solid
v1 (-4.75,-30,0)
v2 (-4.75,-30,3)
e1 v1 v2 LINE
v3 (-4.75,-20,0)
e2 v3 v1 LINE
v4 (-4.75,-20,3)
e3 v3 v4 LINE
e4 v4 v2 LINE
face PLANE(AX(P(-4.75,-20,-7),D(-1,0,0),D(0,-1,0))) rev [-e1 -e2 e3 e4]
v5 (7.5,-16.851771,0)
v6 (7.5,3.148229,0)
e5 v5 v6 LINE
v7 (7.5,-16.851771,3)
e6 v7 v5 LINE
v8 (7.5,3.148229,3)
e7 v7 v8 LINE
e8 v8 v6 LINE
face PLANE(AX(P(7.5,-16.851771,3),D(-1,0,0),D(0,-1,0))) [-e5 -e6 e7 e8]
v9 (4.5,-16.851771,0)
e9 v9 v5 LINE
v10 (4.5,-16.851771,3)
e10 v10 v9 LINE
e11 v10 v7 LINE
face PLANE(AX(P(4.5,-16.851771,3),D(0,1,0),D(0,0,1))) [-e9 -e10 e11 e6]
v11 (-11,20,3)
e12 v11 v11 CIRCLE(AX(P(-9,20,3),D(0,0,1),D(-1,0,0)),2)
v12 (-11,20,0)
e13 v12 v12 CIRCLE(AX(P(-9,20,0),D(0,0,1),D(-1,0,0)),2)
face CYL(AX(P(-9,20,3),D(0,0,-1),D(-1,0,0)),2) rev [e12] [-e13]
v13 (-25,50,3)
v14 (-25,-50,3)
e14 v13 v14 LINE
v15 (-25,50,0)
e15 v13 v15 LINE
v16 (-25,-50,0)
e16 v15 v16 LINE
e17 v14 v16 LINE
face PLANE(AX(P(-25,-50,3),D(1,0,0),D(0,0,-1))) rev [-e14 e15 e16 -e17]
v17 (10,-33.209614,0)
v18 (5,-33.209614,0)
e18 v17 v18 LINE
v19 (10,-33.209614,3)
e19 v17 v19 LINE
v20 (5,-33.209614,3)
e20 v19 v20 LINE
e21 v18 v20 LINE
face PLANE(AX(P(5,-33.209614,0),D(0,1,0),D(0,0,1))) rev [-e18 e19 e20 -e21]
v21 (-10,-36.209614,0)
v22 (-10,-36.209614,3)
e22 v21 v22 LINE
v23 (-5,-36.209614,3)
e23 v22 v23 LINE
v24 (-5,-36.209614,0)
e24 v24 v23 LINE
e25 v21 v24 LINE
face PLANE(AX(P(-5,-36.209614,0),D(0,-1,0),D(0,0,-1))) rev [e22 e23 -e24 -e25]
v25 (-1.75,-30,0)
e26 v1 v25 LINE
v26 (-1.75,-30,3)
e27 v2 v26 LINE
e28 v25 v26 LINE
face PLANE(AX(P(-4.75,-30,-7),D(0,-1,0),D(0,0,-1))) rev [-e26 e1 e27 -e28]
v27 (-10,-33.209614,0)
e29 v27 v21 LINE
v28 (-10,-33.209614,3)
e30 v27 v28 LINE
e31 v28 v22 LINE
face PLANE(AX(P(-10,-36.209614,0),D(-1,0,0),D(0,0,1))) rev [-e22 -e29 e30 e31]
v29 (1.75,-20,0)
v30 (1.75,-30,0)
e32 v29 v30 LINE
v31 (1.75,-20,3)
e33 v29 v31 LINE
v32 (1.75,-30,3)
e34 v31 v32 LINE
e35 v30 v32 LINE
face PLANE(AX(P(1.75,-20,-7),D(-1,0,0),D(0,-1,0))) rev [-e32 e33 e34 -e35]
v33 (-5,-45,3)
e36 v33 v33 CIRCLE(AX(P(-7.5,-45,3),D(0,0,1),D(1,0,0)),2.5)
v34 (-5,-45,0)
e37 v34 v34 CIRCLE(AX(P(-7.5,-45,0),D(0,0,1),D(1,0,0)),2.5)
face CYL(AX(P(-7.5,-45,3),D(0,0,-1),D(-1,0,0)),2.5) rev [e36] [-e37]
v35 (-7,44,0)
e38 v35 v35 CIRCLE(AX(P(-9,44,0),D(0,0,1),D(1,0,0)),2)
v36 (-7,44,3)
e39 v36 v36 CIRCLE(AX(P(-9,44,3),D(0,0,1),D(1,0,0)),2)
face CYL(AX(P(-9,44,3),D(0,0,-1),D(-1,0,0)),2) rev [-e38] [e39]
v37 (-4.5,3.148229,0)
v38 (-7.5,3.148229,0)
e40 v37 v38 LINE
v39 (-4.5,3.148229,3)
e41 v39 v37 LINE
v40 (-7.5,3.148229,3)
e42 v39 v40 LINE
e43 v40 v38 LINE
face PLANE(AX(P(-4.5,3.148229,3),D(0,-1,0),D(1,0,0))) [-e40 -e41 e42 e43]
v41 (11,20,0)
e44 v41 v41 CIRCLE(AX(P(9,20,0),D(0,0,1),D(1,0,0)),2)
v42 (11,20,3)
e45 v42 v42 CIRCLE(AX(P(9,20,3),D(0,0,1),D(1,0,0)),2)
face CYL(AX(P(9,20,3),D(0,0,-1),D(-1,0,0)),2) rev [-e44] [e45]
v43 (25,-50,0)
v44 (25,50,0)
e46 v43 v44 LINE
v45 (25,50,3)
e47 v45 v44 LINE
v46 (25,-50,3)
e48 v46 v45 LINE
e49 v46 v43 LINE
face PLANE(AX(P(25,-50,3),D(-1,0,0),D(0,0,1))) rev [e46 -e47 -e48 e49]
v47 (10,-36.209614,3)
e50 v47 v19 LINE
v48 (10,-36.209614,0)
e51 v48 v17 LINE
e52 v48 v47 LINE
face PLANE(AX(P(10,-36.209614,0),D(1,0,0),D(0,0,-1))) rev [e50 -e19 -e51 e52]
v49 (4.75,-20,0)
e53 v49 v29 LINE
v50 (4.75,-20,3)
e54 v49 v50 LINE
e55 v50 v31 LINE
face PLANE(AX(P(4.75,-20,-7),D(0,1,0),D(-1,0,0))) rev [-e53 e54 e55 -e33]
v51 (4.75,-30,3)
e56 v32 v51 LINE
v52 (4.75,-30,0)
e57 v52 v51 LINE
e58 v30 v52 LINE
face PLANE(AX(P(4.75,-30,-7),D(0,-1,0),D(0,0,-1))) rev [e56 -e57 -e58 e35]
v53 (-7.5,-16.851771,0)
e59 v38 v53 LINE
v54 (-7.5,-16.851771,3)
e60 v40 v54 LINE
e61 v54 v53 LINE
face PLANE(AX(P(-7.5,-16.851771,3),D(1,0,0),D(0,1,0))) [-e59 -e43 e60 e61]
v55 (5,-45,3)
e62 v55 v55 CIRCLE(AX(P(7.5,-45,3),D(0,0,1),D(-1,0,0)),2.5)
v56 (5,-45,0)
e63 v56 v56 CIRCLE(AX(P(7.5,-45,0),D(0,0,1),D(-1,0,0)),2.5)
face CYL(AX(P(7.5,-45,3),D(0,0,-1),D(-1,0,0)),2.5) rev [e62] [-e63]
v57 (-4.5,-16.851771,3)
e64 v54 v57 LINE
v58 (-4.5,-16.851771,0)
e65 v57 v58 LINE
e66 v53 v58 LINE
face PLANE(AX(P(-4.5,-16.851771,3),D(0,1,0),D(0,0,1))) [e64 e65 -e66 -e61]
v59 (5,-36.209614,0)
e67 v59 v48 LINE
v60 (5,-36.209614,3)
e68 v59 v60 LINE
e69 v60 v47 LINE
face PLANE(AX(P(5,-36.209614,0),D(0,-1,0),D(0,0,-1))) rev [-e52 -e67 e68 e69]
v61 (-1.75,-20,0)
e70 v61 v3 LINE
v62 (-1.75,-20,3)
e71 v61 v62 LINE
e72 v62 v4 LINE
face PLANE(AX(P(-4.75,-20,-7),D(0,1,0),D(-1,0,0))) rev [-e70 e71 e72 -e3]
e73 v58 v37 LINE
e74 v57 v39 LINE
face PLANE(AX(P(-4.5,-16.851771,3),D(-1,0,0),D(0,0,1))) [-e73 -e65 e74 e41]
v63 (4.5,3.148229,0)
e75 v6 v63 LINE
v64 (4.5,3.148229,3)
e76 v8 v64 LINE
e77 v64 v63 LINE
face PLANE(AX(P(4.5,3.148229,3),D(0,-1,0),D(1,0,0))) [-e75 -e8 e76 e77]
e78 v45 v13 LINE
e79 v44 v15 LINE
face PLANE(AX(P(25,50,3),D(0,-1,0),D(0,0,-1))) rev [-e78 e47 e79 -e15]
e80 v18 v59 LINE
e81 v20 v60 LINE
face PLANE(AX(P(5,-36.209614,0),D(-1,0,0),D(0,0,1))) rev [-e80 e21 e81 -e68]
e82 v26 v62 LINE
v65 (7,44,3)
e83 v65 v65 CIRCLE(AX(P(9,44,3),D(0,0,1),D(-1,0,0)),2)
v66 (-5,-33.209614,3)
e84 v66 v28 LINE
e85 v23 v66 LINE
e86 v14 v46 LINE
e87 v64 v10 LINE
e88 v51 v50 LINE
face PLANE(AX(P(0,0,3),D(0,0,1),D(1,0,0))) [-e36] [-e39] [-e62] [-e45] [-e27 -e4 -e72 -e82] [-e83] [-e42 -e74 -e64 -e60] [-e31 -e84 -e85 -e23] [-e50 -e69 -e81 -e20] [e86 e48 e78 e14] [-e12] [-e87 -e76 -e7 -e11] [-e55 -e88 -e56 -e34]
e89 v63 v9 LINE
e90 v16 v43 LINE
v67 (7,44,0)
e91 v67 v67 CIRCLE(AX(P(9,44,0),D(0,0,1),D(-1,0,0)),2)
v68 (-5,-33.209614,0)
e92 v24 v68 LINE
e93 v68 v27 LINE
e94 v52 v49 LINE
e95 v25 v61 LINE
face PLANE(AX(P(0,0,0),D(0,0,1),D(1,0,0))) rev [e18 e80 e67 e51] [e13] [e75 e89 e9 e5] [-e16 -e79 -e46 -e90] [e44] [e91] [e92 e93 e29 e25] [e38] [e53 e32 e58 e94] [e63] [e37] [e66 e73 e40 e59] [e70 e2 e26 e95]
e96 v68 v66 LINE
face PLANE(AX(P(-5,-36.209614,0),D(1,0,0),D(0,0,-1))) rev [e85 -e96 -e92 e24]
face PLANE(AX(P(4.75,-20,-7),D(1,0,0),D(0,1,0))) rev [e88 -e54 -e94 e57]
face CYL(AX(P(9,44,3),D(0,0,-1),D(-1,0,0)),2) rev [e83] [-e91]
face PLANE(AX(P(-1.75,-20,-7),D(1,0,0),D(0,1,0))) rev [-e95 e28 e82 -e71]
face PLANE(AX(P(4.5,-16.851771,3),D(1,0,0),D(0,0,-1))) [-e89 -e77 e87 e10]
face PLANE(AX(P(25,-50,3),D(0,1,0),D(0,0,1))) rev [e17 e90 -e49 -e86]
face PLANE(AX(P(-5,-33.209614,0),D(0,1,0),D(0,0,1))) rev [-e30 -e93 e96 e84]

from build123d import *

# Parameters (mm, degrees)
SKETCH1_W           = 50
SKETCH1_H           = 100
SKETCH1_R           = 2
SKETCH1_R_2         = 2.5
SKETCH1_W_2         = 3
SKETCH1_H_2         = 20
BOSS_EXTRUDE1_DEPTH = 3
SKETCH2_W           = 3
SKETCH2_H           = 10
CUT_EXTRUDE1_DEPTH  = 10
SKETCH3_W           = 5
SKETCH3_H           = 3
CUT_EXTRUDE2_DEPTH  = 56.982140009


with BuildPart() as part:
    # Sketch1 → Boss-Extrude1 (new body)
    with BuildSketch(Plane.XY):
        Rectangle(SKETCH1_W, SKETCH1_H)
        with Locations((-9, 44)):
            Circle(SKETCH1_R, mode=Mode.SUBTRACT)
        with Locations(Location((9, 44, 0), (0, 0, 180))):
            Circle(SKETCH1_R, mode=Mode.SUBTRACT)
        with Locations(Location((-9, 20, 0), (0, 0, 180))):
            Circle(SKETCH1_R, mode=Mode.SUBTRACT)
        with Locations((9, 20)):
            Circle(SKETCH1_R, mode=Mode.SUBTRACT)
        with Locations((-7.5, -45)):
            Circle(SKETCH1_R_2, mode=Mode.SUBTRACT)
        with Locations(Location((7.5, -45, 0), (0, 0, 180))):
            Circle(SKETCH1_R_2, mode=Mode.SUBTRACT)
        with Locations((6, -6.851771234)):
            Rectangle(SKETCH1_W_2, SKETCH1_H_2, mode=Mode.SUBTRACT)
        with Locations((-6, -6.851771234)):
            Rectangle(SKETCH1_W_2, SKETCH1_H_2, mode=Mode.SUBTRACT)
    extrude(amount=BOSS_EXTRUDE1_DEPTH)

    # Sketch2 → Cut-Extrude1 (cut)
    with BuildSketch(Plane.XY.offset(3)):
        with Locations((3.25, -25)):
            Rectangle(SKETCH2_W, SKETCH2_H)
        with Locations((-3.25, -25)):
            Rectangle(SKETCH2_W, SKETCH2_H)
    extrude(amount=-CUT_EXTRUDE1_DEPTH, mode=Mode.SUBTRACT)

    # Sketch3 → Cut-Extrude2 (cut, through all)
    with BuildSketch(Plane.XY.offset(3)):
        with Locations((-7.5, -34.709613659)):
            Rectangle(SKETCH3_W, SKETCH3_H)
        with Locations((7.5, -34.709613659)):
            Rectangle(SKETCH3_W, SKETCH3_H)
    extrude(amount=-CUT_EXTRUDE2_DEPTH, mode=Mode.SUBTRACT)


solid = part.part
